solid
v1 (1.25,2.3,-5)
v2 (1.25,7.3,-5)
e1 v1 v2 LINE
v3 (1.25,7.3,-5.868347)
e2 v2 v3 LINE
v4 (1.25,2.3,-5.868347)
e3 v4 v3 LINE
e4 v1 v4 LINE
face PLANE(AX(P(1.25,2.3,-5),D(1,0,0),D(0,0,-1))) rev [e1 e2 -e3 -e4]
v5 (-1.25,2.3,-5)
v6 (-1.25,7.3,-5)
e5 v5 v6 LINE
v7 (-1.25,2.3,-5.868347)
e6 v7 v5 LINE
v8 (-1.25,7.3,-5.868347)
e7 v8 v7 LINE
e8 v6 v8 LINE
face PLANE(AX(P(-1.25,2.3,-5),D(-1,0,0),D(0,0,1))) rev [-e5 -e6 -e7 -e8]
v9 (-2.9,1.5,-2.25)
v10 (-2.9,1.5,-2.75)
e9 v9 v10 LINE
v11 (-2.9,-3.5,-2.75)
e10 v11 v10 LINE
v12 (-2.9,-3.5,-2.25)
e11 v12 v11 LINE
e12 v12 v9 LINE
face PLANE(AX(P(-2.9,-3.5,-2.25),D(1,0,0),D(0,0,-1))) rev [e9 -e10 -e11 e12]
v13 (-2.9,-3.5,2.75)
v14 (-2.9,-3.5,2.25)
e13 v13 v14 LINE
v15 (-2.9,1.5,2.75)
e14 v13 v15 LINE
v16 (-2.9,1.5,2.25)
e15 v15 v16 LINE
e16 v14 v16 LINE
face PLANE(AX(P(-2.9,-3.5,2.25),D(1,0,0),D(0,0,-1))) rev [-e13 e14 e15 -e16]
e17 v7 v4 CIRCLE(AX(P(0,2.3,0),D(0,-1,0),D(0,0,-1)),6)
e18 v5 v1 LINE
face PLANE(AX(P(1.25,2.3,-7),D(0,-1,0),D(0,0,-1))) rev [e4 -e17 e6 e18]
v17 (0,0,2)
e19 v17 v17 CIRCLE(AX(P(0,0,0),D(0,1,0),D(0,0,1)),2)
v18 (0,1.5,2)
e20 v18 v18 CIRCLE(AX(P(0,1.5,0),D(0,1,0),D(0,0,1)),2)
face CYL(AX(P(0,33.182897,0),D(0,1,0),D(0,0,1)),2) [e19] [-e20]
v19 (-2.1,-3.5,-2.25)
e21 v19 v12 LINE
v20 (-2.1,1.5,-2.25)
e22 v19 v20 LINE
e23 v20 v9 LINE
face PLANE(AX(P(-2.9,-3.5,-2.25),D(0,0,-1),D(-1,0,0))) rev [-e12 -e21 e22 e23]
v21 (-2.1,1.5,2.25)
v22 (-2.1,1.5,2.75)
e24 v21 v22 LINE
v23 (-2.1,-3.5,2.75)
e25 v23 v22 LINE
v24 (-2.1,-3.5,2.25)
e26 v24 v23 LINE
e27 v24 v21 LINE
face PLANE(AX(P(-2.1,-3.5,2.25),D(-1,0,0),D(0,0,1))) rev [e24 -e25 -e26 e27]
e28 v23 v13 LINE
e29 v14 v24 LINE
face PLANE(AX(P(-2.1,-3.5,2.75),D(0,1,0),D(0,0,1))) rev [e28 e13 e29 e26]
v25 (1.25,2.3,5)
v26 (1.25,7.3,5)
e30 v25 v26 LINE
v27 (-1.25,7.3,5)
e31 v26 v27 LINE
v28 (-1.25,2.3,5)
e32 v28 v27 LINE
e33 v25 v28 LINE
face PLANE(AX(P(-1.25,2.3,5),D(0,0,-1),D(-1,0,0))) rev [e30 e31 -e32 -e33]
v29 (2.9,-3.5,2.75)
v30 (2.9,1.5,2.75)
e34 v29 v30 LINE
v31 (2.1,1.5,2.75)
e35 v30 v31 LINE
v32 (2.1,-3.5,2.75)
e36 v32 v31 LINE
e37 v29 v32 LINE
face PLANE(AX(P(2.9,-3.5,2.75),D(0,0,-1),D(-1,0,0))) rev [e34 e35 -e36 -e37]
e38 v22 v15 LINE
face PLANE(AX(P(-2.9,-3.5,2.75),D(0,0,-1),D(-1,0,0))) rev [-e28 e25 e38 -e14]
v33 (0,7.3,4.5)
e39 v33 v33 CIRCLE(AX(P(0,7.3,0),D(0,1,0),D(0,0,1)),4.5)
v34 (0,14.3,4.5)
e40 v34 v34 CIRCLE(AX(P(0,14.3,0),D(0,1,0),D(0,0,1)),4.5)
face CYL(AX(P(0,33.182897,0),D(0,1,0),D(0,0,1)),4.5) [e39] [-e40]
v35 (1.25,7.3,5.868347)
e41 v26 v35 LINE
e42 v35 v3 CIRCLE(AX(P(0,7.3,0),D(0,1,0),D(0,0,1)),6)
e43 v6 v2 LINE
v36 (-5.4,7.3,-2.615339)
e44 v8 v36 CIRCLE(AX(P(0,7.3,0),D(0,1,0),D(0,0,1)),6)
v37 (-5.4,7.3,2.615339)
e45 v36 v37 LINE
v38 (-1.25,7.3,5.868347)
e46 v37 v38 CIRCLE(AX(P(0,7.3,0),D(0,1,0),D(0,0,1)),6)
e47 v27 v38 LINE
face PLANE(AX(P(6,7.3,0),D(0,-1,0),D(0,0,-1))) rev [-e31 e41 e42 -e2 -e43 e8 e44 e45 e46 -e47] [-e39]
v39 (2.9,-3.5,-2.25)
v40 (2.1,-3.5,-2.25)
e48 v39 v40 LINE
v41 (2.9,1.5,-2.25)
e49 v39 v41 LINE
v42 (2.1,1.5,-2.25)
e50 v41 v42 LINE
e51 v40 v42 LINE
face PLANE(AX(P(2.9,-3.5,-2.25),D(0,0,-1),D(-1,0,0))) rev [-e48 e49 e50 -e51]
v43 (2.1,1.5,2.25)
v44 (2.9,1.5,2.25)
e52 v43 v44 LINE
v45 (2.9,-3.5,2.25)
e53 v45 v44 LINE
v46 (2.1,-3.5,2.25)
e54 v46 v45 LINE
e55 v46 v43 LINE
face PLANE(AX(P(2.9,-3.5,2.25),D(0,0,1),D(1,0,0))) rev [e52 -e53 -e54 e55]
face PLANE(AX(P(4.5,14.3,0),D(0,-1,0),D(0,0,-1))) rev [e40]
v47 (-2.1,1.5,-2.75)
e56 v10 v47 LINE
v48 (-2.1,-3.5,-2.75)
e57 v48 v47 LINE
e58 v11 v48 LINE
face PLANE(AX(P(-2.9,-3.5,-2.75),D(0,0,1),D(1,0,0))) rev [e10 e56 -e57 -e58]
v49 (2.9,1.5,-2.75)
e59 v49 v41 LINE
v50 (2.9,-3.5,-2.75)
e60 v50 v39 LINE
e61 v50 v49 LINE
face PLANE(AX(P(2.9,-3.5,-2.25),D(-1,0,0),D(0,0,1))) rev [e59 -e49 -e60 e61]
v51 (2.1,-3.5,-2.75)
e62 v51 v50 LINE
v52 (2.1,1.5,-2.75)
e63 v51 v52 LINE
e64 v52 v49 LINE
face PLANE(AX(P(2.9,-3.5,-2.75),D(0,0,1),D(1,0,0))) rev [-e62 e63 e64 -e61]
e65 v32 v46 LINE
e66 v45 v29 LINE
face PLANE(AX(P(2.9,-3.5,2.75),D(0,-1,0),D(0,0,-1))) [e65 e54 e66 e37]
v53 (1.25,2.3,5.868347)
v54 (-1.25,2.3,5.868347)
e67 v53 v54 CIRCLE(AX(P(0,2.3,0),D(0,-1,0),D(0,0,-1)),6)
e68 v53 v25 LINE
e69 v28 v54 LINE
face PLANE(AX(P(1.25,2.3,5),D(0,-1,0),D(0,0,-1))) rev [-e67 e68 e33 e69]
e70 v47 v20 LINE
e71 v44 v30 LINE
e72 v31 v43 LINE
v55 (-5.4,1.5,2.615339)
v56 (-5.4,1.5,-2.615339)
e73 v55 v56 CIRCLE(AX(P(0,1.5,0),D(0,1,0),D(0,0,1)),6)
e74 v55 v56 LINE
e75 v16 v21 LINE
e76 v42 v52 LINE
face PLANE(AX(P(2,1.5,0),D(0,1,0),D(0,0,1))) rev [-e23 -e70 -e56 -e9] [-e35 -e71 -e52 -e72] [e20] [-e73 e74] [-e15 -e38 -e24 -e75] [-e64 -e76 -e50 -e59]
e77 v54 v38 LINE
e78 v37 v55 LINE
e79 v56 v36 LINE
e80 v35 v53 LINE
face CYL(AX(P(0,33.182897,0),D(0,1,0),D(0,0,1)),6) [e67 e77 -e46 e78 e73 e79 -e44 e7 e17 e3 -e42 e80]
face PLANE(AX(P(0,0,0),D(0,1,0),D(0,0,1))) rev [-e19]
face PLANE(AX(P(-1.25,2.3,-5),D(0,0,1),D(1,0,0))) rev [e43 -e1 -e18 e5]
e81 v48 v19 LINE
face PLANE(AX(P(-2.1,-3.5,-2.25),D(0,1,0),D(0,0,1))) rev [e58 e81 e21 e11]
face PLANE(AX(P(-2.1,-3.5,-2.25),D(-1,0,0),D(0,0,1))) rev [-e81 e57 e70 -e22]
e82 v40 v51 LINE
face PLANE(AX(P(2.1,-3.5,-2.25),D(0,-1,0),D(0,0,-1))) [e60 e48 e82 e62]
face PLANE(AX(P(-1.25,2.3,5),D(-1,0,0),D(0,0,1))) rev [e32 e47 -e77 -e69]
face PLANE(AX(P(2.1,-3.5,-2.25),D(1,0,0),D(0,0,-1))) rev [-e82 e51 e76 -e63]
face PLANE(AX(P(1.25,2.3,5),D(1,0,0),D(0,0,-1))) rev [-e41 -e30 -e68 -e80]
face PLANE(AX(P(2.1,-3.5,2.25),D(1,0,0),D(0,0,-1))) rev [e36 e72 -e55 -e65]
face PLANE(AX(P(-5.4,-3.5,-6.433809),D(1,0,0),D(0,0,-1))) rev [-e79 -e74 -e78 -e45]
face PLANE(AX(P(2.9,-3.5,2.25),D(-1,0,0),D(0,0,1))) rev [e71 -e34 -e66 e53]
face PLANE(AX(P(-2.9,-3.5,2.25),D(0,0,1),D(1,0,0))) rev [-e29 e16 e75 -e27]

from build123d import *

# Parameters (mm, degrees)
SKETCH2_W      = 0.8
SKETCH2_H      = 0.5
LEGS_DEPTH     = 5
SKETCH3_W      = 4.6
SKETCH3_H      = 13.743650636
EXTRUDE3_DEPTH = 20.719026345
SKETCH4_W      = 2.5
SKETCH4_H      = 2
EXTRUDE4_DEPTH = 5


with BuildPart() as part:
    # Sketch1 → Revolve1 (revolve)
    with BuildSketch(Plane.XY, mode=Mode.PRIVATE) as revolve1_sk:
        Polygon((0, 0), (2, 0), (2, 1.5), (6, 1.5), (6, 7.3), (4.5, 7.3), (4.5, 14.3), (0, 14.3), align=None)
    revolve(revolve1_sk.sketch.rotate(Axis((0, 33.182896664, 0), (0, -1, 0)), 90), axis=Axis((0, 33.182896664, 0), (0, -1, 0)))

    # Sketch2 → Legs (add)
    with BuildSketch(Plane.XZ.offset(-1.5)):
        with Locations((-2.5, 2.5)):
            Rectangle(SKETCH2_W, SKETCH2_H)
        with Locations((2.5, 2.5)):
            Rectangle(SKETCH2_W, SKETCH2_H)
        with Locations((2.5, -2.5)):
            Rectangle(SKETCH2_W, SKETCH2_H)
        with Locations((-2.5, -2.5)):
            Rectangle(SKETCH2_W, SKETCH2_H)
    extrude(amount=LEGS_DEPTH)

    # Sketch3 → Extrude3 (cut, through all)
    with BuildSketch(Plane(origin=(0, 14.3, 0), x_dir=(1, 0, 0), z_dir=(0, 1, 0))):
        with Locations((-7.7, -0.438016034)):
            Rectangle(SKETCH3_W, SKETCH3_H)
    extrude(amount=-EXTRUDE3_DEPTH, mode=Mode.SUBTRACT)

    # Sketch4 → Extrude4 (cut)
    with BuildSketch(Plane(origin=(0, 7.3, 0), x_dir=(1, 0, 0), z_dir=(0, 1, 0))):
        with Locations((0, 6)):
            Rectangle(SKETCH4_W, SKETCH4_H)
        with Locations((0, -6)):
            Rectangle(SKETCH4_W, SKETCH4_H)
    extrude(amount=-EXTRUDE4_DEPTH, mode=Mode.SUBTRACT)


solid = part.part
